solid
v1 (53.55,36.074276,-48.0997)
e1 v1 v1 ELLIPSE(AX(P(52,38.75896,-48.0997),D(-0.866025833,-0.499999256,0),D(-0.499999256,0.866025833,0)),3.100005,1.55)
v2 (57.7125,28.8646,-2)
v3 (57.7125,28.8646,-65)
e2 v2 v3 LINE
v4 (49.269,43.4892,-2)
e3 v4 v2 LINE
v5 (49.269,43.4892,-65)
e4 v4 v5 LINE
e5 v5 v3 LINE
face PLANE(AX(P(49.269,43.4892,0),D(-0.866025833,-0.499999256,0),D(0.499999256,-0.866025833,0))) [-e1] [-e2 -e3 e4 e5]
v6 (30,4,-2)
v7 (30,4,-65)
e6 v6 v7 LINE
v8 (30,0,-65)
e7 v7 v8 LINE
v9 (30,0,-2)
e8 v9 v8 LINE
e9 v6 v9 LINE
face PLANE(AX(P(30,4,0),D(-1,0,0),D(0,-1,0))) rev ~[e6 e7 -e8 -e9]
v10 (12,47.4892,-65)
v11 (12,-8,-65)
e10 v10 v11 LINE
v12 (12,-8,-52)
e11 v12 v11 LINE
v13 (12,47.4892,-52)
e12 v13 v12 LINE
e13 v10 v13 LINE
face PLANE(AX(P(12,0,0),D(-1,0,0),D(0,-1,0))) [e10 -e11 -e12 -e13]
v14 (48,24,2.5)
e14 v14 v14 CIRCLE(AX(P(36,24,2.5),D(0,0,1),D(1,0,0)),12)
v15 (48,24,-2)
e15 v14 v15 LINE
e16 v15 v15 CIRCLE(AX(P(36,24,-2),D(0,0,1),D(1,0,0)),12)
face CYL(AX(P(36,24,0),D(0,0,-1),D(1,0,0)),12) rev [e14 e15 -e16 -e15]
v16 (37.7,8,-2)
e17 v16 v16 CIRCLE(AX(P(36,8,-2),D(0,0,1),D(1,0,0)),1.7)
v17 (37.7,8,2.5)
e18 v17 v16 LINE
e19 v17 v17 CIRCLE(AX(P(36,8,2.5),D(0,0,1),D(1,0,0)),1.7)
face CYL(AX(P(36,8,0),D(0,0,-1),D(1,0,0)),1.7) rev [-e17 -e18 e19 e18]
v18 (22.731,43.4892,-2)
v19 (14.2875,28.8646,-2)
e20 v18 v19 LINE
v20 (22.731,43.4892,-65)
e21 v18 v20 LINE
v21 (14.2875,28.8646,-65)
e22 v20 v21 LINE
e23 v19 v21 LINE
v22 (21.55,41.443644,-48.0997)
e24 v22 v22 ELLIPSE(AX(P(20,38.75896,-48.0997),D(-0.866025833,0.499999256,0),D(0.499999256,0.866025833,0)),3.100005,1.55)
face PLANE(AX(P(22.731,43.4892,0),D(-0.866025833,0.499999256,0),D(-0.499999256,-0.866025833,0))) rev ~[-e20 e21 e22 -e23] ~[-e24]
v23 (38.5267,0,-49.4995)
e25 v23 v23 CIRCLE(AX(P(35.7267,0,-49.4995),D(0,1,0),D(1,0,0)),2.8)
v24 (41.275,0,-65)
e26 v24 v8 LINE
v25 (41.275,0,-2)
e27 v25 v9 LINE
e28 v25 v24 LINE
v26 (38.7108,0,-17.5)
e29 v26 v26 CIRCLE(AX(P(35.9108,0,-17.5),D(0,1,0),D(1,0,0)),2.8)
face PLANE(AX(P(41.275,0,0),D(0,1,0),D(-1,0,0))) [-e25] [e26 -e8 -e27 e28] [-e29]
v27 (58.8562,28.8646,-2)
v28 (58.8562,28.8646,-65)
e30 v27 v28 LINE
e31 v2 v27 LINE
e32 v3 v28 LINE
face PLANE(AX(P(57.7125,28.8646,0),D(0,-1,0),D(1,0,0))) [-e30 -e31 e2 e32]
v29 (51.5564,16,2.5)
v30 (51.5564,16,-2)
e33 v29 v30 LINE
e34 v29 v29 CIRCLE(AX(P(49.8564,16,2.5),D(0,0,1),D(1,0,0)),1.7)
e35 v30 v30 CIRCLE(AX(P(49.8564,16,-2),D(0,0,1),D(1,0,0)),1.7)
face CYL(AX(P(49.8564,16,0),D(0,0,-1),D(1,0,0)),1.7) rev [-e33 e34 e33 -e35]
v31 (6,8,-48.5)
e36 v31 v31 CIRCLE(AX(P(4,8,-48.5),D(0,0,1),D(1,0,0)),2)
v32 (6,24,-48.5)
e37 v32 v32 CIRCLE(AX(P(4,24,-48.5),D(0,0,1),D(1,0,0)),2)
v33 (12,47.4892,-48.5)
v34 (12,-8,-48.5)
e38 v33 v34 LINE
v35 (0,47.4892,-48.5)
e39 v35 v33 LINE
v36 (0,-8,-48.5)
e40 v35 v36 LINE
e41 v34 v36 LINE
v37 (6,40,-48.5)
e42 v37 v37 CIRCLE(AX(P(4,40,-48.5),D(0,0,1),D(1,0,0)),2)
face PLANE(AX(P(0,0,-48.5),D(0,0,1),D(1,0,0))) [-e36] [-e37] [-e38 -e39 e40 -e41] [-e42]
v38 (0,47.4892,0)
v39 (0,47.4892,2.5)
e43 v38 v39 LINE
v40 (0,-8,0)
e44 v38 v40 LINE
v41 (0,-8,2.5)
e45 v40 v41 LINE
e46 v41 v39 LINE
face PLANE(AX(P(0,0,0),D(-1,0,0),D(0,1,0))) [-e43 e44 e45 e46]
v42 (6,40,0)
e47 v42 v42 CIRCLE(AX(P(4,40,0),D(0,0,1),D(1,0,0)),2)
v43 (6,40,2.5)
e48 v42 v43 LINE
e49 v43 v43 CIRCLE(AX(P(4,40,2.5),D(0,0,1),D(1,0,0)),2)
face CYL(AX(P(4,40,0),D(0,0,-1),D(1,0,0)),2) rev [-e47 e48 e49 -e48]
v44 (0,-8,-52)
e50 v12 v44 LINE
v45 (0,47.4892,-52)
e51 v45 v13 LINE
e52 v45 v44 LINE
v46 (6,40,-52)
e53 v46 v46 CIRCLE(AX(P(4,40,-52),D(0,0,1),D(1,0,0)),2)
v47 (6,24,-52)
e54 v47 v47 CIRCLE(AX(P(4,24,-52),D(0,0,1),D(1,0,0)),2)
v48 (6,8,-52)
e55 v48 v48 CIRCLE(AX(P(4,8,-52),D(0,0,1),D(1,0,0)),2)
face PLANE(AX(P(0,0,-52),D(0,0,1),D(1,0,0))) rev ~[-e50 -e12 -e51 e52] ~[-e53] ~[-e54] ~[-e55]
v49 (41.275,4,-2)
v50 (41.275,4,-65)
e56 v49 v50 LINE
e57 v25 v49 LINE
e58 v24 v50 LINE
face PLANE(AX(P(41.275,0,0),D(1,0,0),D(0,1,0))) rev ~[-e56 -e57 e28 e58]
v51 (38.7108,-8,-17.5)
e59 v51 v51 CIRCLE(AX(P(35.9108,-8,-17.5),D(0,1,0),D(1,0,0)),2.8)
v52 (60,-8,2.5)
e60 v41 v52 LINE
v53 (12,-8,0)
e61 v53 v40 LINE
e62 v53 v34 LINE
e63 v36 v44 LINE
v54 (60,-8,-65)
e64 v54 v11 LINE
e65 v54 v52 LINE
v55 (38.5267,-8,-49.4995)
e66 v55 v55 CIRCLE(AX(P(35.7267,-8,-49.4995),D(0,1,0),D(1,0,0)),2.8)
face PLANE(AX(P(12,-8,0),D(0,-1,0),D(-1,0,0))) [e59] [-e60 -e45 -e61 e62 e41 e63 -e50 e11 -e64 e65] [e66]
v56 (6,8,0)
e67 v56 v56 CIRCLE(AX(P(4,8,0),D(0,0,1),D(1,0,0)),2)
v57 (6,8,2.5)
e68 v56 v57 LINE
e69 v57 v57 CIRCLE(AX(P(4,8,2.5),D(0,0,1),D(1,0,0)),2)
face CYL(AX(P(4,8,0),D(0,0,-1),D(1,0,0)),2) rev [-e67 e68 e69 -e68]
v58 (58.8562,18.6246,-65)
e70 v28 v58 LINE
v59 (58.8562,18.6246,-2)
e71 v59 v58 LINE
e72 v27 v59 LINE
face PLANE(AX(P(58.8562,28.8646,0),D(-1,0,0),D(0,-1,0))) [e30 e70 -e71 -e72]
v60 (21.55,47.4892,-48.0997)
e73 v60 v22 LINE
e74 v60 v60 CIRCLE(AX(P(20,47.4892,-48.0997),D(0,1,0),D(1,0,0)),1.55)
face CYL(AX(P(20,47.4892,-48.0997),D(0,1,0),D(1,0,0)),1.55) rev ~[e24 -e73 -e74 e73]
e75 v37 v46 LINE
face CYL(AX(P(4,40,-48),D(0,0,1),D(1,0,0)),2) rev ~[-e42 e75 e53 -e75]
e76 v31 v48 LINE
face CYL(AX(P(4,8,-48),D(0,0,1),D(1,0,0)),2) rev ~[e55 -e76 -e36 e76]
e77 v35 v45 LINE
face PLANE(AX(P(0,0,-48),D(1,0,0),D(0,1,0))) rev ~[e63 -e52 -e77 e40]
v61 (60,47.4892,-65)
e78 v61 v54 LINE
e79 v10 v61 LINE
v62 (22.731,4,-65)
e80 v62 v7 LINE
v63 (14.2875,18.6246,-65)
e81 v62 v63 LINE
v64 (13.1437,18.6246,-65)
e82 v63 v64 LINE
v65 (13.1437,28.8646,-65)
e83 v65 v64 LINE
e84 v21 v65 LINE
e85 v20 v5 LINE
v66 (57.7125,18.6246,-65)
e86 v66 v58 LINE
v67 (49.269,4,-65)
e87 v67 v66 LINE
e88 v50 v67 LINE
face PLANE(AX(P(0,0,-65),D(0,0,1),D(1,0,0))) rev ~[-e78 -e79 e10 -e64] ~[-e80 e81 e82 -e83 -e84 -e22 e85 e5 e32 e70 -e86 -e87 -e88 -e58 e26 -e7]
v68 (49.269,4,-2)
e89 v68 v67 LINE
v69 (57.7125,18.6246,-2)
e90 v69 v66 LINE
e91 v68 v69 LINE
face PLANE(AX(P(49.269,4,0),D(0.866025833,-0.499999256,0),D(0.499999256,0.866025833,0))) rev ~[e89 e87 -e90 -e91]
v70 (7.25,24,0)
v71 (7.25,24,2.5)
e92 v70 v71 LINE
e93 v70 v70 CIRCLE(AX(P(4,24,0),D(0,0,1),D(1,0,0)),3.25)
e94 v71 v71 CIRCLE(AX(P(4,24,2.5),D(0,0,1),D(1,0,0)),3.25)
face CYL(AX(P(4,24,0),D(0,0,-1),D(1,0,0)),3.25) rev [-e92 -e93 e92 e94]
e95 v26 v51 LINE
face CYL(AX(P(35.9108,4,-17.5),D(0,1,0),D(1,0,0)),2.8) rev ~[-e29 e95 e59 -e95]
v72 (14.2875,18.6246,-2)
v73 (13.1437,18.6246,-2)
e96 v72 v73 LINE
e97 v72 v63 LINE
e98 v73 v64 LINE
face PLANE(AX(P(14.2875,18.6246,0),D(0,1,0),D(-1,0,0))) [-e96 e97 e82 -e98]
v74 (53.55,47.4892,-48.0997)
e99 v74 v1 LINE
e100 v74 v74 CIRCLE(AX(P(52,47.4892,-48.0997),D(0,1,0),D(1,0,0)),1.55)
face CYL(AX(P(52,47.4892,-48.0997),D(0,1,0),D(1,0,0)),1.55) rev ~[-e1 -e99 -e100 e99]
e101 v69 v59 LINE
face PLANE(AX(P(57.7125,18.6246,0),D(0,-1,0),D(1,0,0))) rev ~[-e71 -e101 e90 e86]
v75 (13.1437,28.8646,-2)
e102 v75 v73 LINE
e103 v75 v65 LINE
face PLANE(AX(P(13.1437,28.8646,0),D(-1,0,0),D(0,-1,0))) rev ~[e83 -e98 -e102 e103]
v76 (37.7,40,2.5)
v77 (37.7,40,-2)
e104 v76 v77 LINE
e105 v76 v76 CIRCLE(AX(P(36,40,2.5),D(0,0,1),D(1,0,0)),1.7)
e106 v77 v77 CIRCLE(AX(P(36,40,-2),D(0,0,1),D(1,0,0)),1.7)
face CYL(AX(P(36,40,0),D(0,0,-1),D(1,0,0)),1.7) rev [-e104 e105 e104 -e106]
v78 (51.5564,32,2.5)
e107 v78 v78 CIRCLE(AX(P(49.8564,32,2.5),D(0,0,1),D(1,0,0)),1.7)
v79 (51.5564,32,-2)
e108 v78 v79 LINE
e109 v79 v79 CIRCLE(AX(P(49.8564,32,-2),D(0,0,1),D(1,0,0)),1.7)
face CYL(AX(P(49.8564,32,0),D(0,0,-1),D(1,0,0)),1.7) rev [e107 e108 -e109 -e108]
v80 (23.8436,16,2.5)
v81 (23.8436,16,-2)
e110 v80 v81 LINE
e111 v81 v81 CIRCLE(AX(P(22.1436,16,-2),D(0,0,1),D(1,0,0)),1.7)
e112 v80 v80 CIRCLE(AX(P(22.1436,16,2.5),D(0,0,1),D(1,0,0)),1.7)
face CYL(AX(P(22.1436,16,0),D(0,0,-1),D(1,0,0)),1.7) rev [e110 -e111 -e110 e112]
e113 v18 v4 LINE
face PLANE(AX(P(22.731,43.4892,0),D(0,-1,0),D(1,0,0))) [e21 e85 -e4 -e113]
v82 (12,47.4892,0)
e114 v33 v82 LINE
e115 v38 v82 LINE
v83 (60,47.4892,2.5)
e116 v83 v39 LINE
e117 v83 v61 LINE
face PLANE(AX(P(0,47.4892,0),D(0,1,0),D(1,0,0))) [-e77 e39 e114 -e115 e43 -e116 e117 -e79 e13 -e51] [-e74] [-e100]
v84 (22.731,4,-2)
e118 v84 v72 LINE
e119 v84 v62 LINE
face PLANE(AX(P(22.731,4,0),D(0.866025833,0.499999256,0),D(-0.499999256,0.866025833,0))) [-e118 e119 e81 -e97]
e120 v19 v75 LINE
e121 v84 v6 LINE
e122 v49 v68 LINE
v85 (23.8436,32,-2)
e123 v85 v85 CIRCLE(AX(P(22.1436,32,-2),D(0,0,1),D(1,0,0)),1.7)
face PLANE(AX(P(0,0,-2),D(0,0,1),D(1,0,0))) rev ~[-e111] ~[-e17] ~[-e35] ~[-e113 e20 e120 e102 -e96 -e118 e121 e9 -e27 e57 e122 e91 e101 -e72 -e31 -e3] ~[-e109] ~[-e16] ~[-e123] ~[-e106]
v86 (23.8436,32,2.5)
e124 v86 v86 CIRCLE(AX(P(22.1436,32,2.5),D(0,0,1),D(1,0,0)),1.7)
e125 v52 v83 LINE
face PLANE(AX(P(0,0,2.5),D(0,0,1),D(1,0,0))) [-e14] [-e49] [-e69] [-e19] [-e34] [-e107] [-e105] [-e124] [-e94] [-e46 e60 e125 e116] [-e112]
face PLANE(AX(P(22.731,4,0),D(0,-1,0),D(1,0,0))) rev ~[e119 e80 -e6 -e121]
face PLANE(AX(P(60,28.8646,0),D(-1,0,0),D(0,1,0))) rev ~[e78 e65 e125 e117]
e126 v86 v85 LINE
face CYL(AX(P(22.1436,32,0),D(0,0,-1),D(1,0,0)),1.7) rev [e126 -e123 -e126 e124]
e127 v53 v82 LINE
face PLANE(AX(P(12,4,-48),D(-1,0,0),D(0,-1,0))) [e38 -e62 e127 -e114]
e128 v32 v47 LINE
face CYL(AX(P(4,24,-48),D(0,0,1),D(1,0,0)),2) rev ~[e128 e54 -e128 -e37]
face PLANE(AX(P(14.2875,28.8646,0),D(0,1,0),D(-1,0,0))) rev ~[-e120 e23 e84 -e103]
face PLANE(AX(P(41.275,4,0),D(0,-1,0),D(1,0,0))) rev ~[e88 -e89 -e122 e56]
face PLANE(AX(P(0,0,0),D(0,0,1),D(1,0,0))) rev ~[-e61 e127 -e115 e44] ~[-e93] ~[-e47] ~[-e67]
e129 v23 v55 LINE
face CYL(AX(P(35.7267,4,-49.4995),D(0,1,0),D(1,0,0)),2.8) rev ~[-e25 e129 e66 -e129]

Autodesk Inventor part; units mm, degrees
ref_plane "YZ Plane" through (0, 0, 0) normal (1, 0, 0) x (0, 1, 0)
sketch "Sketch1" plane through (0, 0, 0) normal (0, 0, 1) x (1, 0, 0)
  circle A0 centre (36, 40) radius 1.7
  line L0 (0, 0) -> (12, 0)
  line L1 (0, 0) -> (0, 384)
  line L2 (12, 384) -> (12, -8)
  circle A1 centre (4, 8) radius 2
  circle A2 centre (36, 24) radius 12
  line L3 (0, 0) -> (60, 0)
  line L4 (60, 0) -> (60, 47.4892)
  line L5 (60, 46) -> (0, 46)
  line L6 (0, 46) -> (0, 0)
  line L7 (0, 4) -> (60, 4)
  circle A3 centre (22.1436, 32) radius 1.7
  circle A4 centre (22.1436, 16) radius 1.7
  circle A5 centre (36, 8) radius 1.7
  circle A6 centre (49.8564, 16) radius 1.7
  circle A7 centre (49.8564, 32) radius 1.7
  circle A8 centre (4, 16) radius 2
  circle A9 centre (4, 24) radius 2
  circle A10 centre (4, 32) radius 2
  circle A11 centre (4, 40) radius 2
  line L8 (22.731, 4) -> (14.2875, 18.6246)
  line L9 (14.2875, 18.6246) -> (12, 18.6246)
  line L10 (36, 0) -> (36, 40) construction
  line L11 (49.269, 4) -> (57.7125, 18.6246)
  line L12 (57.7125, 18.6246) -> (60, 18.6246)
  line L13 (60, 23.7446) -> (12, 23.7446) construction
  line L14 (0, 47.4892) -> (60, 47.4892)
  line L15 (22.731, 43.4892) -> (14.2875, 28.8646)
  line L16 (14.2875, 28.8646) -> (12, 28.8646)
  line L17 (57.7125, 28.8646) -> (60, 28.8646)
  line L18 (49.269, 43.4892) -> (57.7125, 28.8646)
  line L19 (0, 43.4892) -> (12, 43.4892)
  line L20 (22.731, 43.4892) -> (49.269, 43.4892)
  line L21 (60, 28.8646) -> (58.8562, 28.8646)
  line L22 (58.8562, 28.8646) -> (58.8562, 18.6246)
  line L23 (58.8562, 18.6246) -> (60, 18.6246)
  line L24 (60, 18.6246) -> (60, 28.8646)
  line L25 (13.1437, 28.8646) -> (13.1437, 18.6246)
  circle A12 centre (4, 24) radius 3.25
  line L26 (0, 0) -> (60, 0)
  line L27 (60, 0) -> (60, -8)
  line L28 (60, -8) -> (0, -8)
  line L29 (0, -8) -> (0, 0)
  line L30 (0, -4) -> (60, -4)
  circle A13 centre (4, 0) radius 2
  line L31 (41.275, 0) -> (30, 0)
  line L32 (30, 4) -> (30, -4)
  line L33 (30, -4) -> (41.275, -4)
  line L34 (41.275, -4) -> (41.275, 4)
  circle A14 centre (4, 16) radius 3.25
  point P0 (12, 46)
  point P1 (12, 0)
  point P2 (12, 4)
  point P3 (0, 47.4892)
  point P4 (60, 43.4892)
  point P5 (12, 47.4892)
  point P6 (2, 0)
  point P7 (6, 0)
  dimension "d1" = 3.4
  dimension "d2" = 24
  dimension "d7" = 4
  dimension "d8" = 46
  dimension "d9" = 24
  dimension "d10" = 16
  dimension "d13" = 360
  dimension "d15" = 8
  dimension "d16" = 4
  dimension "d17" = 8
  dimension "d20" = 8
  dimension "d34" = 6.5
  dimension "d35" = 8
  dimension "d36" = 4
  dimension "d39" = 6.5
extrude "Extrusion1" add sketch "Sketch1" along normal blind 2.5 contours A13 L0 L1 L7 L2 | A13 L0 | L0 A13 | L0 L2 L30 L29 A13 | L3 L32 L30 L2 | L2 L7 L32 L3 | L7 L1 L19 L2 | L2 L9 L8 L7 | L30 L27 L28 L2 | L2 L28 L29 L30 | L32 L7 L34 L3 | L3 L34 L30 L32 | L2 L16 L25 L9 | L8 L9 L25 L16 L15 L20 L18 L17 L22 L12 L11 L7 | L34 L7 L4 L3 | L3 L27 L30 L34 | L2 L5 L4 L17 L18 L20 L15 L16 | L1 L5 L2 L19 | L1 L14 L2 L5 | L7 L11 L12 L4 | L2 L14 L4 L5 | L12 L22 L17 L4 | A8 | A10 | A14
extrude "Extrusion2" add sketch "Sketch1" against normal blind 2 contours L3 L32 L30 L2 | L2 L7 L32 L3 | L2 L9 L8 L7 | L30 L27 L28 L2 | L32 L7 L34 L3 | L3 L34 L30 L32 | L2 L16 L25 L9 | L8 L9 L25 L16 L15 L20 L18 L17 L22 L12 L11 L7 | L34 L7 L4 L3 | L3 L27 L30 L34 | L2 L5 L4 L17 L18 L20 L15 L16 | L7 L11 L12 L4 | L2 L14 L4 L5 | L12 L22 L17 L4
extrude "Extrusion3" add sketch "Sketch1" against normal blind 65 contours L3 L32 L30 L2 | L2 L7 L32 L3 | L2 L9 L8 L7 | L30 L27 L28 L2 | L3 L34 L30 L32 | L2 L16 L25 L9 | L34 L7 L4 L3 | L3 L27 L30 L34 | L2 L5 L4 L17 L18 L20 L15 L16 | L7 L11 L12 L4 | L2 L14 L4 L5 | L12 L22 L17 L4
sketch "Sketch2" plane through (22.731, 4, -2) normal (0, 1, 0) x (1, 0, 0)
  line L0 (26.5379, 0) -> (0, 0) construction
  line L1 (13.269, 0) -> (12.9065, 63) construction
  line L2 (7.269, 63) -> (18.544, 63) construction
  circle A0 centre (13.1798, 15.5) radius 2.8
  circle A1 centre (12.9957, 47.4995) radius 2.8
  circle A2 centre (29.269, 46.0997) radius 1.55
  circle A3 centre (-2.731, 46.0997) radius 1.55
  point P0 (-22.731, -2)
  point P1 (37.269, 50)
  point P2 (-10.731, 50)
  dimension "d27" = 5.6
  dimension "d28" = 5.6
  dimension "d29" = 32
  dimension "d30" = 63
  dimension "d31" = 15.5
  dimension "d40" = 3.1
  dimension "d41" = 3.1
extrude "Extrusion5" cut sketch "Sketch2" against normal blind 52 contours A0 | A1
extrude "Extrusion6" cut sketch "Sketch2" against normal blind 12 from surface at 43.4892 contours A2 | A3
ref_plane "Work Plane1" through (0, -8, -48) normal (0, 0, -1) x (0, 1, 0)
extrude "Extrusion7" add sketch "Sketch1" against normal blind 4 from surface at -48 contours A13 L0 L1 L7 L2 | A13 L0 | L0 A13 | L0 L2 L30 L29 A13 | L7 L1 L19 L2 | L2 L28 L29 L30 | L1 L5 L2 L19 | L1 L14 L2 L5 | A8 | A10 | A12 | A14
ref_plane "Work Plane2" through (0, -8, -48) normal (0, 0, -1) x (0, 1, 0)
extrude "Extrusion8" cut sketch "Sketch1" against normal blind 0.5 from surface at -48 contours A13 L0 L1 L7 L2 | A13 L0 | L0 A13 | L0 L2 L30 L29 A13 | L7 L1 L19 L2 | L2 L28 L29 L30 | L1 L5 L2 L19 | L1 L14 L2 L5 | A8 | A10 | A12 | A14
equation "\"d31\" = -0.5 * d29 + 0.5 * d30"
equation "\"d41\" = d40"
properties part number "ViperSlide Motor Mount"
